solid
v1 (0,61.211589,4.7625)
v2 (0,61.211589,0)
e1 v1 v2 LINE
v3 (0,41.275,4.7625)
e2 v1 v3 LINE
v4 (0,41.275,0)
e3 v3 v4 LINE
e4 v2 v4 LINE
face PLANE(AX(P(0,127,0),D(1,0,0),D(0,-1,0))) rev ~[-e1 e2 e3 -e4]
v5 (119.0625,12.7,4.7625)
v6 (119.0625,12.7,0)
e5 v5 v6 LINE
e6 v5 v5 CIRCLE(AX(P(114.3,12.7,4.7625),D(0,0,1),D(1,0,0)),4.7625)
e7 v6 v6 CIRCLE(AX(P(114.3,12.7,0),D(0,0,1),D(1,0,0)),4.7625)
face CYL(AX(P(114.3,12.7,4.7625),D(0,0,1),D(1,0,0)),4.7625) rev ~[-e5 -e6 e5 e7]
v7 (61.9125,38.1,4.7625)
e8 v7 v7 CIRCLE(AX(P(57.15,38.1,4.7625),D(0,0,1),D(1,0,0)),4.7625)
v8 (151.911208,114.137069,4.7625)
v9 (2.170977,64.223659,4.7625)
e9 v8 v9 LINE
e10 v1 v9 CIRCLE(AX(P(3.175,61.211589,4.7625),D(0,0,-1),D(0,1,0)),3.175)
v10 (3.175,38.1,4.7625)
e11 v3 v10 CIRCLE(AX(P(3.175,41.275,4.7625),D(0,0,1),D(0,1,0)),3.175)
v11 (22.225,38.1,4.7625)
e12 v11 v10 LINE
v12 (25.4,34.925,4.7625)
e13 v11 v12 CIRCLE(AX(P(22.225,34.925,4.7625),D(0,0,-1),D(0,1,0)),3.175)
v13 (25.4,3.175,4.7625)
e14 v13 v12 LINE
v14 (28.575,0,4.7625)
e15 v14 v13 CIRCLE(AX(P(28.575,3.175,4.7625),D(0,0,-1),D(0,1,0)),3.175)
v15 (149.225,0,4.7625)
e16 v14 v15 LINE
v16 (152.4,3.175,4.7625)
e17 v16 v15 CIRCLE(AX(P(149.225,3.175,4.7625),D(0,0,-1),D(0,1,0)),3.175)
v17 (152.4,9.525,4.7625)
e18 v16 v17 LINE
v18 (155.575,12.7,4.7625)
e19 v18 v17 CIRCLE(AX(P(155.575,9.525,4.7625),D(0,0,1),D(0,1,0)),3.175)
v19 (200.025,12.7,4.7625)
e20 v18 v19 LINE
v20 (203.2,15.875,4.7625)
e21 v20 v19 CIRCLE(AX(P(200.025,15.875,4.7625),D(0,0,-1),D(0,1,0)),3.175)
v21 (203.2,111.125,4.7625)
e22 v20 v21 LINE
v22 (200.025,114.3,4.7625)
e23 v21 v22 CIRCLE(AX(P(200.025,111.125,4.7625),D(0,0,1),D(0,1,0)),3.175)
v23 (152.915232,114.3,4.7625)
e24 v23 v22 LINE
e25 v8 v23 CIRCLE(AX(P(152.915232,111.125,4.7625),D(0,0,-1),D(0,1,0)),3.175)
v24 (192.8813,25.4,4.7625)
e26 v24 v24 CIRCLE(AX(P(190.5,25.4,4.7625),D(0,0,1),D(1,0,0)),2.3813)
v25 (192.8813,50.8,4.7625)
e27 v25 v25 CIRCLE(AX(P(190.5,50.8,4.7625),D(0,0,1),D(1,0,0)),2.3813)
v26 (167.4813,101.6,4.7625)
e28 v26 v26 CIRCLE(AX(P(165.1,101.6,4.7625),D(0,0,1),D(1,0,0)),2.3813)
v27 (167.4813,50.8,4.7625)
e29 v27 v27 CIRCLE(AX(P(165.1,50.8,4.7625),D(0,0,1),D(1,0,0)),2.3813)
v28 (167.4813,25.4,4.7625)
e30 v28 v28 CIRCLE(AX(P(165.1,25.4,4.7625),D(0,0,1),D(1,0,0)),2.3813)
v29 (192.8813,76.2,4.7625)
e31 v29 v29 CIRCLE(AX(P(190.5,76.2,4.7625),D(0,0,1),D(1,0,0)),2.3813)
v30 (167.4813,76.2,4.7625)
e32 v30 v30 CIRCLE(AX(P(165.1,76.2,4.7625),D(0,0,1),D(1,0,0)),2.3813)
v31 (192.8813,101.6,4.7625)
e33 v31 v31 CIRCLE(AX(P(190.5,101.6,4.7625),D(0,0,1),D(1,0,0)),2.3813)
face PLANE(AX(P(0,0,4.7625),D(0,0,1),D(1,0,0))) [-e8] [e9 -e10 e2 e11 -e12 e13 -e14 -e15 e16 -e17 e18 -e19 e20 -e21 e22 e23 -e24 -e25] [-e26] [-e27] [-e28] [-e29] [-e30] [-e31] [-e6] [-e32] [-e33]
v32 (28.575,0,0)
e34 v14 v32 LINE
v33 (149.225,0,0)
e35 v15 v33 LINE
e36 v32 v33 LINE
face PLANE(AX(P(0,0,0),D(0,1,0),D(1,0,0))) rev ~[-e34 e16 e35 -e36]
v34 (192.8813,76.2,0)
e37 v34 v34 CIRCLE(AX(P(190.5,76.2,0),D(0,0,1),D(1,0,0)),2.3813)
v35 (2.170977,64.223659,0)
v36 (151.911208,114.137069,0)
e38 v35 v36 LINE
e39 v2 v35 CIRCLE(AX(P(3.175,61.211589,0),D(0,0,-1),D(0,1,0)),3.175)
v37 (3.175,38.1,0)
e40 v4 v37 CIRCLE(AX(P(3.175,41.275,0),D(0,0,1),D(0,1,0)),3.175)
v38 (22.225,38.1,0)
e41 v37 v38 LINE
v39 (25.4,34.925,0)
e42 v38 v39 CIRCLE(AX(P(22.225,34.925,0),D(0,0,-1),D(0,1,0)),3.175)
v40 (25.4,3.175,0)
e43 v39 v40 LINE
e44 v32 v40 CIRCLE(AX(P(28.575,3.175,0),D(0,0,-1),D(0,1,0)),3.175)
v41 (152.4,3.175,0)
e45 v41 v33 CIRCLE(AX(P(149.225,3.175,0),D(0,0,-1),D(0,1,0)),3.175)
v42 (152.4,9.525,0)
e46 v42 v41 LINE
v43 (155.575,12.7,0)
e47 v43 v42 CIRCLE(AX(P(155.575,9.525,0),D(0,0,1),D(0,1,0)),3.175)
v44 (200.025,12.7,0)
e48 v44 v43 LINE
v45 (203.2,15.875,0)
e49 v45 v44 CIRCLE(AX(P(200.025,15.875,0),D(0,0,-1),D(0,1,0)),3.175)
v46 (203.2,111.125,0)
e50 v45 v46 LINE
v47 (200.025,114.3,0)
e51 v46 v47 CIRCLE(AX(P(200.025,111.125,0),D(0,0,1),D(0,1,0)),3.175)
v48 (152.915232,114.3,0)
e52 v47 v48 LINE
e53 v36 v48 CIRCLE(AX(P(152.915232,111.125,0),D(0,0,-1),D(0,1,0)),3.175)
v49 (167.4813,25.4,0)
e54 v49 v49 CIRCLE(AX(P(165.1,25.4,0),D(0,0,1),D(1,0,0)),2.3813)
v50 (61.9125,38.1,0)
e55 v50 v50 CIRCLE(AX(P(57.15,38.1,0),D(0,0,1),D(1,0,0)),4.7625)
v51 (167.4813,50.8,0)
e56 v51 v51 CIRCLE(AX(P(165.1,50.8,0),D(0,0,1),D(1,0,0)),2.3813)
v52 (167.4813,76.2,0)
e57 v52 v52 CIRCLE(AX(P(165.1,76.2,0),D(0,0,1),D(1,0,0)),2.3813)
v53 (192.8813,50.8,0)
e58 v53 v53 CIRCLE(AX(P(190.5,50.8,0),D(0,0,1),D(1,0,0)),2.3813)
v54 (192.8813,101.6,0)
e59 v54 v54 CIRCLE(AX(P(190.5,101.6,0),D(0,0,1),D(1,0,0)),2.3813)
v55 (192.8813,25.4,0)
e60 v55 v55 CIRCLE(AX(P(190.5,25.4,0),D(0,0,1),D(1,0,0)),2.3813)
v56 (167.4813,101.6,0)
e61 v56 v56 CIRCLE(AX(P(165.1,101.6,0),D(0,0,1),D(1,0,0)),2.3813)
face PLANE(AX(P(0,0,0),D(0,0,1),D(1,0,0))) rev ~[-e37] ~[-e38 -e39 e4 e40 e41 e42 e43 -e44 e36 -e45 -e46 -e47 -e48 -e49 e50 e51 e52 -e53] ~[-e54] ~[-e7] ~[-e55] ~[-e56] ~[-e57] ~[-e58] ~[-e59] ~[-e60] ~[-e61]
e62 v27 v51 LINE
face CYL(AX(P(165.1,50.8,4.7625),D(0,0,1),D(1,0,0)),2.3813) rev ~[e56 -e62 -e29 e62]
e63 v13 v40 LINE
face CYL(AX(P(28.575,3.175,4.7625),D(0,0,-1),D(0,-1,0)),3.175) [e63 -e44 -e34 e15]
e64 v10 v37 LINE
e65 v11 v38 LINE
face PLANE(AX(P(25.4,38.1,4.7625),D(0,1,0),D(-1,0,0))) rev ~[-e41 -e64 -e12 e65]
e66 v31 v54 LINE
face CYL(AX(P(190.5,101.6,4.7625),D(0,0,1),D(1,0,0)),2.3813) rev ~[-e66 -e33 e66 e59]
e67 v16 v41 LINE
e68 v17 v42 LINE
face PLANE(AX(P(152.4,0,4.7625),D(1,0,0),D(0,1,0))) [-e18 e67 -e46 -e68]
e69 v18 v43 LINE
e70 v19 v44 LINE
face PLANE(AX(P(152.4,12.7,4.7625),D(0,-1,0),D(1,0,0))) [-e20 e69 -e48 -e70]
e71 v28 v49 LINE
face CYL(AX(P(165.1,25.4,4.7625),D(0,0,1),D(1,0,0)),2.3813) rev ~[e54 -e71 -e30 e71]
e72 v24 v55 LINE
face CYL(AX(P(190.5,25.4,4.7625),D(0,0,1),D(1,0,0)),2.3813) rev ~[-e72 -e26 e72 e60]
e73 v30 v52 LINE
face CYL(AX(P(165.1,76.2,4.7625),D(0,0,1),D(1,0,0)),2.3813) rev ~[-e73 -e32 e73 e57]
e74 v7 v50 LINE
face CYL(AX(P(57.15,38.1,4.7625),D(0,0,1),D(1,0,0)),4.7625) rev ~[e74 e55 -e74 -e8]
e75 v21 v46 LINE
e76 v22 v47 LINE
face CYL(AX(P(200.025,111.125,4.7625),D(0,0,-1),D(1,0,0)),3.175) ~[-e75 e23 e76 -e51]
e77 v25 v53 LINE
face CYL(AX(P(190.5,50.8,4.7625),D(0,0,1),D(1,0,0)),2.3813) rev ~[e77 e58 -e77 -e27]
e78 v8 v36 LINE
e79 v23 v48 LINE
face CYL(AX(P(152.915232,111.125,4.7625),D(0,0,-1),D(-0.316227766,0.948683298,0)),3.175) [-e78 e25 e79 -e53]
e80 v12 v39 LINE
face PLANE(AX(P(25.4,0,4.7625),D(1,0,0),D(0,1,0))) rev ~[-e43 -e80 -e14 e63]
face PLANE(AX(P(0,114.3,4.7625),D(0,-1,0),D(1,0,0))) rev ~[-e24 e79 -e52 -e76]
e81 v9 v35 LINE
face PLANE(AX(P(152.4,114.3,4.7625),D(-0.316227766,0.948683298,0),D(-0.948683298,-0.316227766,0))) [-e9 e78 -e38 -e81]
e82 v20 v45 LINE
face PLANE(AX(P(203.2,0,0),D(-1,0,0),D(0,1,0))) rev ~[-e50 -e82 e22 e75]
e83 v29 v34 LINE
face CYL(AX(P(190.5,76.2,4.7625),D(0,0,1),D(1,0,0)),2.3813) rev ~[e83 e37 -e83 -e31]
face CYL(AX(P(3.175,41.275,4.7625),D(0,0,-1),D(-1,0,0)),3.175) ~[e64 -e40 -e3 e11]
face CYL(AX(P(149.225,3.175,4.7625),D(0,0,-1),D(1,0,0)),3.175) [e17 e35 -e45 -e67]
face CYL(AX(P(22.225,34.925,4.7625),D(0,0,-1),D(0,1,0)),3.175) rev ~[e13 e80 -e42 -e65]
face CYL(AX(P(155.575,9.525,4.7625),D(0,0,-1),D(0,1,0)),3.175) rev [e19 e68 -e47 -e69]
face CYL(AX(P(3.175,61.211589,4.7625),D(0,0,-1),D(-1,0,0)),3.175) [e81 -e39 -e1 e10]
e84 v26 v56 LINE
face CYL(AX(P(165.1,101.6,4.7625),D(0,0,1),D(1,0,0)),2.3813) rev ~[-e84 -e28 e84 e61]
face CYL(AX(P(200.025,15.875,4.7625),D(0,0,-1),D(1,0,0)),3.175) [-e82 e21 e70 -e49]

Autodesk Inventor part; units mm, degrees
ref_plane "YZ Plane" through (0, 0, 0) normal (1, 0, 0) x (0, 1, 0)
ref_plane "XZ Plane" through (0, 0, 0) normal (0, 1, 0) x (-1, 0, 0)
ref_plane "XY Plane" through (0, 0, 0) normal (0, 0, 1) x (1, 0, 0)
sketch "Sketch1" plane through (0, 0, 0) normal (0, 0, 1) x (1, 0, 0)
  line L0 (0, 0) -> (203.2, 0)
  line L1 (203.2, 0) -> (203.2, 127)
  line L2 (203.2, 127) -> (0, 127)
  line L3 (0, 127) -> (0, 0)
  dimension "d0" = 203.2
  dimension "d1" = 127
extrude "Extrusion1" add sketch "Sketch1" along normal blind 4.7625
sketch "Sketch2" plane through (0, 0, 4.7625) normal (0, 0, 1) x (1, 0, 0)
  line L0 (203.2, 127) -> (203.2, 0) projected
  line L1 (0, 127) -> (203.2, 127) projected
  line L2 (190.5, 127) -> (190.5, 101.6) construction
  circle A0 centre (190.5, 101.6) radius 2.3813
  dimension "d4" = 4.7625
  dimension "d5" = 25.4
  dimension "d6" = 12.7
extrude "Extrusion2" cut sketch "Sketch2" against normal up to next
pattern_linear "Rectangular Pattern1" count 4 spacing 25.4 along (0, -1, 0) count 2 spacing 25.4 along (-1, 0, 0) of "Extrusion2"
sketch "Sketch3" plane through (0, 0, 4.7625) normal (0, 0, 1) x (1, 0, 0)
  line L0 (203.2, 0) -> (0, 0) projected
  line L1 (203.2, 127) -> (203.2, 0) projected
  circle A0 centre (114.3, 12.7) radius 4.7625
  circle A1 centre (57.15, 38.1) radius 4.7625
  dimension "d15" = 9.525
  dimension "d16" = 88.9
  dimension "d17" = 12.7
  dimension "d18" = 57.15
  dimension "d19" = 25.4
extrude "Extrusion3" cut sketch "Sketch3" against normal up to next
sketch "Sketch4" plane through (0, 0, 4.7625) normal (0, 0, 1) x (1, 0, 0)
  line L0 (0, 0) -> (0, 127) projected
  line L1 (0, 0) -> (25.4, 0)
  line L2 (25.4, 0) -> (25.4, 38.1)
  line L3 (25.4, 38.1) -> (0, 38.1)
  line L4 (0, 38.1) -> (0, 0)
  line L5 (203.2, 127) -> (0, 127)
  line L6 (0, 127) -> (0, 114.3)
  line L7 (0, 114.3) -> (203.2, 114.3)
  line L8 (203.2, 114.3) -> (203.2, 127)
  line L9 (203.2, 0) -> (152.4, 0)
  line L10 (152.4, 0) -> (152.4, 12.7)
  line L11 (152.4, 12.7) -> (203.2, 12.7)
  line L12 (203.2, 12.7) -> (203.2, 0)
  dimension "d22" = 38.1
  dimension "d23" = 25.4
  dimension "d24" = 50.8
  dimension "d25" = 12.7
  dimension "d26" = 12.7
extrude "Extrusion4" cut sketch "Sketch4" against normal up to next
sketch "Sketch5" plane through (0, 0, 4.7625) normal (0, 0, 1) x (1, 0, 0)
  line L0 (203.2, 114.3) -> (0, 114.3) projected
  line L1 (0, 38.1) -> (0, 114.3) projected
  line L2 (0, 114.3) -> (0, 63.5)
  line L3 (152.4, 114.3) -> (0, 63.5)
  line L4 (0, 114.3) -> (152.4, 114.3)
  point P0 (0, 0)
  dimension "d29" = 25.4
  dimension "d30" = 50.8
extrude "Extrusion5" cut sketch "Sketch5" against normal up to next
fillet "Fillet1" radius 3.175 9 edges at (0, 63.5, 2.3813) (0, 38.1, 2.3813) (25.4, 0, 2.3813) (152.4, 114.3, 2.3813) (203.2, 114.3, 2.3813) (203.2, 12.7, 2.3813) (152.4, 12.7, 2.3813) (152.4, 0, 2.3813) (25.4, 38.1, 2.3813)
properties part number "Frame_BottomRollerPlate" material "Aluminum-6061"
